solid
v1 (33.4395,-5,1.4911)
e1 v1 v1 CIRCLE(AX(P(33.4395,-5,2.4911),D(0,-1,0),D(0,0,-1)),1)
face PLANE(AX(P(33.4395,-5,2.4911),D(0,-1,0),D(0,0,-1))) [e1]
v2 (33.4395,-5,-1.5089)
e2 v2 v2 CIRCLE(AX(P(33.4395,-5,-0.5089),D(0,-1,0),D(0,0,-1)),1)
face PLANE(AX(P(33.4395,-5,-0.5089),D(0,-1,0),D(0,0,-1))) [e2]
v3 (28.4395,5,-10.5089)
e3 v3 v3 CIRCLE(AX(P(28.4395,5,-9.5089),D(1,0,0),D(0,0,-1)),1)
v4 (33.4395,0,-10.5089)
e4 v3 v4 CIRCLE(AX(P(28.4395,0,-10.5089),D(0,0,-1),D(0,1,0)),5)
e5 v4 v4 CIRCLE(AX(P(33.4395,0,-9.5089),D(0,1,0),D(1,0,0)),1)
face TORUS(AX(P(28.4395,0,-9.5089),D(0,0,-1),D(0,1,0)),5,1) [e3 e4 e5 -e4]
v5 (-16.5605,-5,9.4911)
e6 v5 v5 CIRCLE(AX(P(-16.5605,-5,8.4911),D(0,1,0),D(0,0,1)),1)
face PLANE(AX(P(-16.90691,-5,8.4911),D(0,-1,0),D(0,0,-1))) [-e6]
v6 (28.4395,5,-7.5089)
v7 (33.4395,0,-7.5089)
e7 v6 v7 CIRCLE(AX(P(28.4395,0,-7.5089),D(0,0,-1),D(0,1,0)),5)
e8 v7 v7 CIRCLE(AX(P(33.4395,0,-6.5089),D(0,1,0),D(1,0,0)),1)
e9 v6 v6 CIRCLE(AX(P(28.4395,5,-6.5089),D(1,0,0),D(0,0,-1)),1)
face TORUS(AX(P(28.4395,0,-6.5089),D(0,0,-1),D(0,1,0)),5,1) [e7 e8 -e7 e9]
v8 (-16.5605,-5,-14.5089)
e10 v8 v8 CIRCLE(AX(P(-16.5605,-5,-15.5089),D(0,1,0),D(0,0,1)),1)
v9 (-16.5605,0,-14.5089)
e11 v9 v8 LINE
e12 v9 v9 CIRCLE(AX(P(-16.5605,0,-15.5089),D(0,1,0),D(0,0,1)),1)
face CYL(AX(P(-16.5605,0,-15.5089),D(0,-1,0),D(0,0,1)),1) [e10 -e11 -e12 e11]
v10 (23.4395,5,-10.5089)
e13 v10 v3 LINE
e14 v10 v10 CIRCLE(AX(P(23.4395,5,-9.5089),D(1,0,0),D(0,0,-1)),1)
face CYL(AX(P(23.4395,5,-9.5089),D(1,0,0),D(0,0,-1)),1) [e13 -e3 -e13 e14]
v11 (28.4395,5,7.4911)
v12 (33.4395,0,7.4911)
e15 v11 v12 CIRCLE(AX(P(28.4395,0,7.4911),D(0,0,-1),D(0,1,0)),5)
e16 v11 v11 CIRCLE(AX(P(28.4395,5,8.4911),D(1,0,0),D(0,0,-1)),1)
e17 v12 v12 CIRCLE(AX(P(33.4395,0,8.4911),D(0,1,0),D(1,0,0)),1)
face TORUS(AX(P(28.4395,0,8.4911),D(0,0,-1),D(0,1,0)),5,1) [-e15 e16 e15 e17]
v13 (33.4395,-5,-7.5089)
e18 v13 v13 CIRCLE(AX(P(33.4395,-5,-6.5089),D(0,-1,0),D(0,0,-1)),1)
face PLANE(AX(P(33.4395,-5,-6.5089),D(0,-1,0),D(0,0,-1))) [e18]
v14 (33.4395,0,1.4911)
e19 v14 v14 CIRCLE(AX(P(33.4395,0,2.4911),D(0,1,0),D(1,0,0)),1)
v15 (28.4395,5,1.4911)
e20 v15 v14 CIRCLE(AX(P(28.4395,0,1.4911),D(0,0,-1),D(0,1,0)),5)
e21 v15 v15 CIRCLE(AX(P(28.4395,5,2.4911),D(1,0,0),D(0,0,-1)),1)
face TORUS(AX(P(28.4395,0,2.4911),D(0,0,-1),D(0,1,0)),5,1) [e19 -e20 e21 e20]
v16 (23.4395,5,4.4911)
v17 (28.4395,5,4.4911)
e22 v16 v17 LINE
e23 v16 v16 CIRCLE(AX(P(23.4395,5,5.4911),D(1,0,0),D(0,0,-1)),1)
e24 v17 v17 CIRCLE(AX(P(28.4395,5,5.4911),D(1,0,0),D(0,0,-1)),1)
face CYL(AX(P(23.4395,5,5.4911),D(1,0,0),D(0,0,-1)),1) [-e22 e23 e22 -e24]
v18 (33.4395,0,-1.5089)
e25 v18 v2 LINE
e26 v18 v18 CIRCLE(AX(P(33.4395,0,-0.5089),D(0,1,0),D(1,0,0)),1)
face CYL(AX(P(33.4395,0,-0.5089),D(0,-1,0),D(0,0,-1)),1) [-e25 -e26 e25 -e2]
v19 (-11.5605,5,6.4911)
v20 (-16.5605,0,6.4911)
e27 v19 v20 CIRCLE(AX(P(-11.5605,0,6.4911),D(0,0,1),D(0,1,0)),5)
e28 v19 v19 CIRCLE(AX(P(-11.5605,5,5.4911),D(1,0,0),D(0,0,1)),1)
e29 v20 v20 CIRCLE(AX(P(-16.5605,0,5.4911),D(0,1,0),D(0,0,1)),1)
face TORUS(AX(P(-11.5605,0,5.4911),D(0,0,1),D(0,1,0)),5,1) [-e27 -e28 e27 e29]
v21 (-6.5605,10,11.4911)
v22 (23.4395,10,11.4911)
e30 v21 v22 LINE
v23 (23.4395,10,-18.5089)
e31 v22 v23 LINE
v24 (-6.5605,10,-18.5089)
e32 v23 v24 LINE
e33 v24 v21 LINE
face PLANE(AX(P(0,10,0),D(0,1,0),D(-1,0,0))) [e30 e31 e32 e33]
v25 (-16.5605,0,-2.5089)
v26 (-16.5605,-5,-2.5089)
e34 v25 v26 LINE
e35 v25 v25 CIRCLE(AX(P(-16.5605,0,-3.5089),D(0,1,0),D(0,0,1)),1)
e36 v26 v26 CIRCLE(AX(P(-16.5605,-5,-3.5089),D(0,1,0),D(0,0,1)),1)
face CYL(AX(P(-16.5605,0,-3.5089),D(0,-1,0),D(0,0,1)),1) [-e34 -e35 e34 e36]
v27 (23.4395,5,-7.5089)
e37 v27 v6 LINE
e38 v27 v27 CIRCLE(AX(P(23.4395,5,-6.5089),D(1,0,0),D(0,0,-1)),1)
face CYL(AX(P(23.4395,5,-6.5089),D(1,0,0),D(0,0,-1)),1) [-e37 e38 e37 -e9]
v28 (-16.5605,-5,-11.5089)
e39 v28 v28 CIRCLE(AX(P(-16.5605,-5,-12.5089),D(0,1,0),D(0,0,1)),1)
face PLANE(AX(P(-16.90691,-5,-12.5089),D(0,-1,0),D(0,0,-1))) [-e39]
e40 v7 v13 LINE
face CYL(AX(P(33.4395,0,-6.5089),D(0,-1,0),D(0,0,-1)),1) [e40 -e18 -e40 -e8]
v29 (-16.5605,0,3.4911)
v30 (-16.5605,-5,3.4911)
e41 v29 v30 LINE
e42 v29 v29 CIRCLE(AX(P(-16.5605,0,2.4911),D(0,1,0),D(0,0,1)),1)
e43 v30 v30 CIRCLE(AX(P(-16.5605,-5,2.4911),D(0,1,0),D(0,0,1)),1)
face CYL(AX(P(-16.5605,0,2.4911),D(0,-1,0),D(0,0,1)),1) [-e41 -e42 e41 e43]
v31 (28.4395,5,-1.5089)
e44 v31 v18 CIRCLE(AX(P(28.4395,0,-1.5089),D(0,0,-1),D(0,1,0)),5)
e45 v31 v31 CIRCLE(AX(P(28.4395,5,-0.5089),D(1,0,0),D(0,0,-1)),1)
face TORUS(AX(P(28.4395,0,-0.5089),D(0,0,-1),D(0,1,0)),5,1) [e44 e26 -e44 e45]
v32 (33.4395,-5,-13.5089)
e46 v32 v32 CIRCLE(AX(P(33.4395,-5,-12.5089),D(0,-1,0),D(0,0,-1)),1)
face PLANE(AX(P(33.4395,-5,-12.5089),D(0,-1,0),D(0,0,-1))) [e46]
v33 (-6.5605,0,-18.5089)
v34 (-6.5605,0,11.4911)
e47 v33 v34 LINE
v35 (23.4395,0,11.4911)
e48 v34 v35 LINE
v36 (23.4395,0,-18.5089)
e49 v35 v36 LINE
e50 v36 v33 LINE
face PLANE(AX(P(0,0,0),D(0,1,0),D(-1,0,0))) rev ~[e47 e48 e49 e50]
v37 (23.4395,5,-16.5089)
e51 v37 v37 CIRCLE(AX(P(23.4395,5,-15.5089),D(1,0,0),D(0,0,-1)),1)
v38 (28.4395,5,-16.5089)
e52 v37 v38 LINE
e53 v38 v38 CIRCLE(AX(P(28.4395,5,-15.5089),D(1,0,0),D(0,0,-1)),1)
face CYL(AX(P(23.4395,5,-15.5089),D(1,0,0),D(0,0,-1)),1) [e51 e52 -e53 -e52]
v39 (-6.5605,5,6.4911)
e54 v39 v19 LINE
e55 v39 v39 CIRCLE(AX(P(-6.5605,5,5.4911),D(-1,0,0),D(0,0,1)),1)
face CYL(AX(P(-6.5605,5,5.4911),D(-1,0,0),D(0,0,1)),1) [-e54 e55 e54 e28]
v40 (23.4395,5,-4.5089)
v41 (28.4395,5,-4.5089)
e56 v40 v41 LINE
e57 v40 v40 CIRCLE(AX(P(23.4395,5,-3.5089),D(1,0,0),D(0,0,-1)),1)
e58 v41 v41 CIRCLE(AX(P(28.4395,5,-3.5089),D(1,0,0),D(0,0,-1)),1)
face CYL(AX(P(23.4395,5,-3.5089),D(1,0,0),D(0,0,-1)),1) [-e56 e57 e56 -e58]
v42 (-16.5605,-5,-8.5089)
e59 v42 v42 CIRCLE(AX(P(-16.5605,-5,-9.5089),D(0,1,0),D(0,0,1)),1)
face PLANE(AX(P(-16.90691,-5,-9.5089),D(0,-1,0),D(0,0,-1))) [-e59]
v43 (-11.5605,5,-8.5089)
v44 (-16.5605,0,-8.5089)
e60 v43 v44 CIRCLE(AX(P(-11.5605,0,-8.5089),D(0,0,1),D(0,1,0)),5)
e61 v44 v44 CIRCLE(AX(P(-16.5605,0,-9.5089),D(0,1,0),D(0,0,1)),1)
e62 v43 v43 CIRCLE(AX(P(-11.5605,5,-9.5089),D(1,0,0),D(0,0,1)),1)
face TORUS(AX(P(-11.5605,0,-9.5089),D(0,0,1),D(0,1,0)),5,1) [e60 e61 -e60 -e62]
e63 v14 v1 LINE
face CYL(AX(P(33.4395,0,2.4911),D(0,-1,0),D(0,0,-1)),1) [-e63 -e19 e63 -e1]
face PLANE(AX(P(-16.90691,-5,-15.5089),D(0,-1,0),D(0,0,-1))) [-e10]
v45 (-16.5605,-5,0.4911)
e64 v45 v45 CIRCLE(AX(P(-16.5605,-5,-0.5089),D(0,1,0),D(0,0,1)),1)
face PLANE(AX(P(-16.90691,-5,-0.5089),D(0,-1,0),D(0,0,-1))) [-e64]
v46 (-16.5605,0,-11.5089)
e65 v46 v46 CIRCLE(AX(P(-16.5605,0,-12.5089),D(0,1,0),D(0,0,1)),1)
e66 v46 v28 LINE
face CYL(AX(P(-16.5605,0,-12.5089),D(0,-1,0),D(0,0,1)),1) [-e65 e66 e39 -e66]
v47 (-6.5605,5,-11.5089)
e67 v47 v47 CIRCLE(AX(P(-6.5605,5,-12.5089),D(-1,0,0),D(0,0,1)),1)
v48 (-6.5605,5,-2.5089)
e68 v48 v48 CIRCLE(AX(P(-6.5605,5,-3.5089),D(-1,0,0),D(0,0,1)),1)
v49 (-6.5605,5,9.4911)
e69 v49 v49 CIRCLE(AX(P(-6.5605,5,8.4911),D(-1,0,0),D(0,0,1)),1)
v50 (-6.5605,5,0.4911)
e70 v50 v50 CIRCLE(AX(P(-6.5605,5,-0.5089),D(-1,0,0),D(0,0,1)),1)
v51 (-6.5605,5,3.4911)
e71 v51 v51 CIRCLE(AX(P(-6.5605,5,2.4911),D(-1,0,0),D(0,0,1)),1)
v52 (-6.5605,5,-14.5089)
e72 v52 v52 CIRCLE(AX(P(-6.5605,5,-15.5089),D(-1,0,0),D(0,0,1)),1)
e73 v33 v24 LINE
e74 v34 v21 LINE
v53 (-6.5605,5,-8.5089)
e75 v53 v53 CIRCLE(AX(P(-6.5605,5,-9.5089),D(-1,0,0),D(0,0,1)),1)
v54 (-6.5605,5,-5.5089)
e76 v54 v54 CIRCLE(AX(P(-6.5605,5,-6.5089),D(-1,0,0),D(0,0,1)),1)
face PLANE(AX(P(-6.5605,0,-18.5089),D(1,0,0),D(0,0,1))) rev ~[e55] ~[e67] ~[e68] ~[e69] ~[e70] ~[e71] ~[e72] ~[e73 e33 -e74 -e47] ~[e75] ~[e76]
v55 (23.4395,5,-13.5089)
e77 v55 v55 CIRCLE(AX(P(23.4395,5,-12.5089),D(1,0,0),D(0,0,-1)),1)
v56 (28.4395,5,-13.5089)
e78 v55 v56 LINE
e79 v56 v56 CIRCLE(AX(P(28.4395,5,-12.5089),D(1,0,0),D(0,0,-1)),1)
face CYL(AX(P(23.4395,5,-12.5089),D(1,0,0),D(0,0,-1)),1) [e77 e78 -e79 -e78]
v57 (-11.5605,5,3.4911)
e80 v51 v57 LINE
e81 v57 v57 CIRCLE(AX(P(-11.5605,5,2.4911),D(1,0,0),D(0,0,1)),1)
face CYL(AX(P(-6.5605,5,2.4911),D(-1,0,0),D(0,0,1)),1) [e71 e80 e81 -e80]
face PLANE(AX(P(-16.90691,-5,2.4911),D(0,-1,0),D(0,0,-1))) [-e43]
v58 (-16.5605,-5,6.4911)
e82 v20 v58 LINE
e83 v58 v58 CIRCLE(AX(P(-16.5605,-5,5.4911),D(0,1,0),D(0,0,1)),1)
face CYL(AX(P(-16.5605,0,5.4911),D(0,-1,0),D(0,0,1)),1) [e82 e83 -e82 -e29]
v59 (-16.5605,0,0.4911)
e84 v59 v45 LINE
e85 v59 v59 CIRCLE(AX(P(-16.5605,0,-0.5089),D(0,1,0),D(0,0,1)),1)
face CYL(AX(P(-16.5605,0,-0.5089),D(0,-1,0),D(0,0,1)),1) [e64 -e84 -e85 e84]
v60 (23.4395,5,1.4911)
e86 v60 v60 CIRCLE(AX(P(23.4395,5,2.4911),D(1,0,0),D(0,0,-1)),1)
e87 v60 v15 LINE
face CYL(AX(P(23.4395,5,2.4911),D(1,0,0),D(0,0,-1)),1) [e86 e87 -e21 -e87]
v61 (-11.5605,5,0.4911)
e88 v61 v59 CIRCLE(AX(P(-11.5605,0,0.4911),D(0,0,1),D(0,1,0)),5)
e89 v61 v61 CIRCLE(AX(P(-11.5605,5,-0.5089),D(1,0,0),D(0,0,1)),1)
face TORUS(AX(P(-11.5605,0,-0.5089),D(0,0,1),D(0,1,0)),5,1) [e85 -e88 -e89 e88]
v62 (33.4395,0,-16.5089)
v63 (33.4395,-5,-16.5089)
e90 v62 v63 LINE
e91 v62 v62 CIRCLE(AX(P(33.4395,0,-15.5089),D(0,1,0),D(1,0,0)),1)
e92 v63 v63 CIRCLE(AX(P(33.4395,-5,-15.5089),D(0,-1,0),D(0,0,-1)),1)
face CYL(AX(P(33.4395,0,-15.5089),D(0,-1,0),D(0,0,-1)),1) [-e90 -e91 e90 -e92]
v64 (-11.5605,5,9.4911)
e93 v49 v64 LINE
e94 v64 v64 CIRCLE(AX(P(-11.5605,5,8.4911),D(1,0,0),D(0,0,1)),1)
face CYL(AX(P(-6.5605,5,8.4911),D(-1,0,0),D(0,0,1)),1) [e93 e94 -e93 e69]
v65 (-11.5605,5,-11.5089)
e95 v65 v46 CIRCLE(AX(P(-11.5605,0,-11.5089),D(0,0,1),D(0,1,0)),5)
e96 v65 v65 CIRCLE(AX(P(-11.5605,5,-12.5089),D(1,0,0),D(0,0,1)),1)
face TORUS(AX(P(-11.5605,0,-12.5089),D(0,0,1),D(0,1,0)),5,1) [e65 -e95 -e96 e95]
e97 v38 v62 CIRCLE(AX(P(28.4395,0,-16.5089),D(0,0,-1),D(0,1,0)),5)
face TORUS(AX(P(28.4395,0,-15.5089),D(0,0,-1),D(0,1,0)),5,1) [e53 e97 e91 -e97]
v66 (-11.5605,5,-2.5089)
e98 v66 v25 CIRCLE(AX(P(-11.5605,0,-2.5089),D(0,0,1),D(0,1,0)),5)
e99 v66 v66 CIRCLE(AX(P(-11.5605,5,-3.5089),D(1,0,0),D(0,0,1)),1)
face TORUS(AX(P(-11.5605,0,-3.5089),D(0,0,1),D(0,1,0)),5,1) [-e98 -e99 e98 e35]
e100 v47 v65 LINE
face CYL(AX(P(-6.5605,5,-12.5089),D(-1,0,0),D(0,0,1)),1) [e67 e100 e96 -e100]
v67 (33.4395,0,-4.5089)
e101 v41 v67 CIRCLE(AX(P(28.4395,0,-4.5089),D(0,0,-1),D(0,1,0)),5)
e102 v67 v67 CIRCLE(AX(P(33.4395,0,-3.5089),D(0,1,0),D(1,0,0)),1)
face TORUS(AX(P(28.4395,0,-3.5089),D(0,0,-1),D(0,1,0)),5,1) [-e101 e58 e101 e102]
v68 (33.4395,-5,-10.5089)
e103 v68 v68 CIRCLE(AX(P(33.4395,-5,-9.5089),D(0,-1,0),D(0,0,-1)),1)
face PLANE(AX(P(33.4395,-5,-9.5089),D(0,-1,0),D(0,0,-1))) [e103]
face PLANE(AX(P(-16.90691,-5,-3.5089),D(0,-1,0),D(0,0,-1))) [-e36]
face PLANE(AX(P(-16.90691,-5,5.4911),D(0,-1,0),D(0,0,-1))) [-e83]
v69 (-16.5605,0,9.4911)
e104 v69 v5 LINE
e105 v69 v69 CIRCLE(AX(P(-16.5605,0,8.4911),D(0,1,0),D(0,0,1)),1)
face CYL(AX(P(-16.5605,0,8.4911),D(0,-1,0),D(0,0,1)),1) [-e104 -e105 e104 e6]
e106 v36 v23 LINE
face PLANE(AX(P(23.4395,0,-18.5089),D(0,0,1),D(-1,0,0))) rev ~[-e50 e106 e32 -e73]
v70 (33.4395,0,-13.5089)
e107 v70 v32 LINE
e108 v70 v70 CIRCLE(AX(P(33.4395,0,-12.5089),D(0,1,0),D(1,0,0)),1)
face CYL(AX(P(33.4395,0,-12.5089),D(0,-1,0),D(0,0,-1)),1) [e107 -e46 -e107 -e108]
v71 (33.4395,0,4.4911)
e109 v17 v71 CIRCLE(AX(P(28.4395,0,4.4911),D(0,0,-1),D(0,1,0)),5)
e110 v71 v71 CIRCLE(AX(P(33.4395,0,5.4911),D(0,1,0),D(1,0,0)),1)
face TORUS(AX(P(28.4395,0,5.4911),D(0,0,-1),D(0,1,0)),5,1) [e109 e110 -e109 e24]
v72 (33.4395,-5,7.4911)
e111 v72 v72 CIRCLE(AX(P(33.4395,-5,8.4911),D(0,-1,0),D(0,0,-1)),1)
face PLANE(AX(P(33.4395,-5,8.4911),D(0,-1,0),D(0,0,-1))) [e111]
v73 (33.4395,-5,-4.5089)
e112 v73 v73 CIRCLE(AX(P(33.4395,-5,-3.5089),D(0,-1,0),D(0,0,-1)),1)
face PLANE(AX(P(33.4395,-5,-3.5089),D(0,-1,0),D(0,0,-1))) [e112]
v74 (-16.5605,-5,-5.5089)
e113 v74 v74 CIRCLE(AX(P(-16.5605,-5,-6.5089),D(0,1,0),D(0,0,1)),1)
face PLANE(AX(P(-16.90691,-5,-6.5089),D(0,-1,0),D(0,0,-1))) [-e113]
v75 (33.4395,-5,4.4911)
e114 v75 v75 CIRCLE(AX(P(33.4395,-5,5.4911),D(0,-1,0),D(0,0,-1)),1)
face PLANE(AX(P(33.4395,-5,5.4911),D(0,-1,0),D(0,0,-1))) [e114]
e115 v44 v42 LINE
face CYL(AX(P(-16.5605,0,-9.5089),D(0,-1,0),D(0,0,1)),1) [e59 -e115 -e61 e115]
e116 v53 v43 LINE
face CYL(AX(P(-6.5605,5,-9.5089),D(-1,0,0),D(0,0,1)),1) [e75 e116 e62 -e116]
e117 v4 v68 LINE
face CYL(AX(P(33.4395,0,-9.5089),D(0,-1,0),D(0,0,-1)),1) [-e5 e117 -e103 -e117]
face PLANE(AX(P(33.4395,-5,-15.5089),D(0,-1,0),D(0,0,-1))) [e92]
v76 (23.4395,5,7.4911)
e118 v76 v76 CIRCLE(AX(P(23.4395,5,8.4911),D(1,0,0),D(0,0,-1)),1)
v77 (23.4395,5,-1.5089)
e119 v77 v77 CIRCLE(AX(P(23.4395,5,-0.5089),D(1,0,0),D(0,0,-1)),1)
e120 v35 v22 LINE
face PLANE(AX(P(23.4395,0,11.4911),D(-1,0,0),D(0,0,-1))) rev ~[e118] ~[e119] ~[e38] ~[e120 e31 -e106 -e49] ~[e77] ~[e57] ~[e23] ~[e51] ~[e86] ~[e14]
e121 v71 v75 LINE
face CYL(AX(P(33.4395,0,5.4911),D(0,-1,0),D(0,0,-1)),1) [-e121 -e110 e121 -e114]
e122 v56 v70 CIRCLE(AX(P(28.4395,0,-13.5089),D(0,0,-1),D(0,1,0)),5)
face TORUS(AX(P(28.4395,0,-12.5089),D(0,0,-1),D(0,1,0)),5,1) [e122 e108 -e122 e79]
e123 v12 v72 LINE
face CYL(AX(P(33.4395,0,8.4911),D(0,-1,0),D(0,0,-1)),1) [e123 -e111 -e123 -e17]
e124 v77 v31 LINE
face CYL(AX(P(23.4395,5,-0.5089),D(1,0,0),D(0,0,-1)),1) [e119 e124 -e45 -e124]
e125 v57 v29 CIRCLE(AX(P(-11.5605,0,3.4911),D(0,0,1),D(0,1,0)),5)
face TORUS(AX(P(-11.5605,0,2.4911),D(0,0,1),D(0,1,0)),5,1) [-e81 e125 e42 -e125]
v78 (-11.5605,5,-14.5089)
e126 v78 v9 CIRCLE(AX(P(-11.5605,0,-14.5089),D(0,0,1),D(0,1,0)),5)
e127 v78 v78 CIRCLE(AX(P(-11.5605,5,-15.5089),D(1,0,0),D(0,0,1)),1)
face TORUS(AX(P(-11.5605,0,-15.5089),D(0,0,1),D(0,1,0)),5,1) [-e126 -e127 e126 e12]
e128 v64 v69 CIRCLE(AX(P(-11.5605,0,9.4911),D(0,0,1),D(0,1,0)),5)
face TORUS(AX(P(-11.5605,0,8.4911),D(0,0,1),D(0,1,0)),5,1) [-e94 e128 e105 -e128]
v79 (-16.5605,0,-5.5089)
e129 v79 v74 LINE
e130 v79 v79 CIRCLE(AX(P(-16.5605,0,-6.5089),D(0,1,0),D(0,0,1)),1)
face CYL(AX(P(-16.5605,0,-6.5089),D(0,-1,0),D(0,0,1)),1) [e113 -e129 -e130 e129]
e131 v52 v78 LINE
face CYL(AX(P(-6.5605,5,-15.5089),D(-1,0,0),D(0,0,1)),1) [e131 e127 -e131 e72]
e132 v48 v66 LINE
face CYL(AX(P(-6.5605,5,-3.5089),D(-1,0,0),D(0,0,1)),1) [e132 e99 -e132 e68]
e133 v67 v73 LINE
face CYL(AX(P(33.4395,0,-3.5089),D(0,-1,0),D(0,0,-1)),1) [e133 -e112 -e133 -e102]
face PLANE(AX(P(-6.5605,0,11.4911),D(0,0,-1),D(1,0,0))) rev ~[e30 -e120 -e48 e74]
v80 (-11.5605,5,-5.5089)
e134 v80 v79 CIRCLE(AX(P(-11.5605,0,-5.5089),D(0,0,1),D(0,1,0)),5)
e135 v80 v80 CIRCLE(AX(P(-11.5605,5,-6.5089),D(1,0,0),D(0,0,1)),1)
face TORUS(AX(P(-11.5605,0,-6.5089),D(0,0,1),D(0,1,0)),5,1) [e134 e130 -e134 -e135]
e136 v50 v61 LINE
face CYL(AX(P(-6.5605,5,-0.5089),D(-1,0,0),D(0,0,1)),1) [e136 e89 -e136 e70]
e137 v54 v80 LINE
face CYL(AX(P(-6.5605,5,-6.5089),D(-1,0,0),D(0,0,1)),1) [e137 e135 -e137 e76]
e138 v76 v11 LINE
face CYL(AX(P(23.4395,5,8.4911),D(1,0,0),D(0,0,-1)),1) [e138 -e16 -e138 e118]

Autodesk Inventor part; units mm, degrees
ref_plane "YZ Plane" through (0, 0, 0) normal (1, 0, 0) x (0, 1, 0)
ref_plane "XZ Plane" through (0, 0, 0) normal (0, 1, 0) x (-1, 0, 0)
ref_plane "XY Plane" through (0, 0, 0) normal (0, 0, 1) x (1, 0, 0)
sketch "Эскиз1" plane through (0, 0, 0) normal (0, 1, 0) x (-1, 0, 0)
  line L0 (6.5605, 11.4911) -> (-23.4395, 11.4911)
  line L1 (-23.4395, 11.4911) -> (-23.4395, -18.5089)
  line L2 (-23.4395, -18.5089) -> (6.5605, -18.5089)
  line L3 (6.5605, -18.5089) -> (6.5605, 11.4911)
  point P0 (0, 0)
  dimension "d0" = 30
  dimension "d1" = 30
extrude "Выдавливание1" add sketch "Эскиз1" along normal blind 10
sketch "Эскиз2" plane through (23.4395, 0, 11.4911) normal (1, 0, 0) x (0, 0, -1)
  line L0 (0, 0) -> (0, 10) projected
  circle A0 centre (3, 5) radius 1
  circle A1 centre (6, 5) radius 1
  circle A2 centre (9, 5) radius 1
  circle A3 centre (12, 5) radius 1
  circle A4 centre (15, 5) radius 1
  circle A5 centre (18, 5) radius 1
  circle A6 centre (21, 5) radius 1
  circle A7 centre (24, 5) radius 1
  circle A8 centre (27, 5) radius 1
  point P0 (11.4911, 0)
sketch3d "3D эскиз1"
  line L0 (23.4395, 5, 8.4911) -> (28.4395, 5, 8.4911)
  arc A0 (28.4395, 5, 8.4911) -> (33.4395, 0, 8.4911) centre (28.4395, 0, 8.4911) ccw
  line L1 (33.4395, 0, 8.4911) -> (33.4395, -5, 8.4911)
  dimension "d24" = 10
  dimension "d25" = 10
  dimension "d26" = 10
  dimension "d27" = 10
  dimension "d28" = 10
  dimension "d29" = 10
  dimension "d30" = 10
  dimension "d31" = 10
  dimension "d32" = 10
  dimension "d33" = 10
  dimension "d34" = 10
  dimension "d35" = 10
  dimension "d36" = 10
  dimension "d37" = 10
  dimension "d38" = 10
  dimension "d39" = 10
  dimension "d40" = 10
  dimension "d41" = 10
  dimension "d42" = 5
  dimension "d43" = 5
  dimension "d44" = 5
  dimension "d45" = 5
  dimension "d46" = 5
  dimension "d47" = 5
sweep "Сдвиг1" add profiles "Эскиз2" path "3D эскиз1"
sketch "Эскиз3" plane through (-6.5605, 0, -18.5089) normal (-1, 0, 0) x (0, 0, 1)
  line L0 (0, 0) -> (0, 10) projected
  circle A0 centre (3, 5) radius 1 projected
  line L1 (0, 5) -> (3, 5)
  circle A1 centre (6, 5) radius 1 projected
  line L2 (3, 5) -> (6, 5)
  circle A2 centre (9, 5) radius 1 projected
  line L3 (6, 5) -> (9, 5)
  circle A3 centre (12, 5) radius 1 projected
  line L4 (9, 5) -> (12, 5)
  circle A4 centre (15, 5) radius 1 projected
  line L5 (12, 5) -> (15, 5)
  circle A5 centre (18, 5) radius 1 projected
  line L6 (15, 5) -> (18, 5)
  circle A6 centre (21, 5) radius 1 projected
  line L7 (18, 5) -> (21, 5)
  circle A7 centre (24, 5) radius 1 projected
  line L8 (21, 5) -> (24, 5)
  circle A8 centre (27, 5) radius 1 projected
  line L9 (24, 5) -> (27, 5)
  line L10 (27, 5) -> (30, 5)
  circle A9 centre (3, 5) radius 1
  circle A10 centre (6, 5) radius 1
  circle A11 centre (9, 5) radius 1
  circle A12 centre (12, 5) radius 1
  circle A13 centre (15, 5) radius 1
  circle A14 centre (18, 5) radius 1
  circle A15 centre (21, 5) radius 1
  circle A16 centre (24, 5) radius 1
  circle A17 centre (27, 5) radius 1
  point P0 (18.5089, 0)
  dimension "d44" = 5
  dimension "d53" = 3
  dimension "d54" = 3
  dimension "d55" = 3
  dimension "d56" = 3
  dimension "d57" = 3
  dimension "d58" = 3
  dimension "d59" = 3
  dimension "d60" = 3
  dimension "d61" = 3
  dimension "d62" = 3
  dimension "d63" = 2
  dimension "d64" = 2
  dimension "d65" = 2
  dimension "d66" = 2
  dimension "d67" = 2
  dimension "d68" = 2
  dimension "d69" = 2
  dimension "d70" = 2
  dimension "d71" = 2
sketch3d "3D эскиз2"
  line L0 (-6.5605, 5, -15.5089) -> (-11.5605, 5, -15.5089)
  arc A0 (-11.5605, 5, -15.5089) -> (-16.5605, 0, -15.5089) centre (-11.5605, 0, -15.5089) ccw
  line L1 (-16.5605, 0, -15.5089) -> (-16.5605, -5, -15.5089)
  dimension "d72" = 10
  dimension "d73" = 10
  dimension "d74" = 10
  dimension "d75" = 10
  dimension "d76" = 10
  dimension "d77" = 10
  dimension "d78" = 10
  dimension "d79" = 10
  dimension "d80" = 10
  dimension "d81" = 10
  dimension "d82" = 10
  dimension "d83" = 10
  dimension "d84" = 10
  dimension "d85" = 10
  dimension "d86" = 10
  dimension "d87" = 10
  dimension "d88" = 10
  dimension "d89" = 10
  dimension "d90" = 5
  dimension "d91" = 5
  dimension "d92" = 5
  dimension "d93" = 5
  dimension "d94" = 5
  dimension "d95" = 5
sweep "Сдвиг2" add profiles "Эскиз3" path "3D эскиз2"
equation "\"d43\" = d42"
equation "\"d44\" = d42"
equation "\"d45\" = d42"
equation "\"d46\" = d42"
equation "\"d47\" = d42"
equation "\"d91\" = d90"
equation "\"d92\" = d90"
equation "\"d93\" = d90"
equation "\"d94\" = d90"
equation "\"d95\" = d90"
